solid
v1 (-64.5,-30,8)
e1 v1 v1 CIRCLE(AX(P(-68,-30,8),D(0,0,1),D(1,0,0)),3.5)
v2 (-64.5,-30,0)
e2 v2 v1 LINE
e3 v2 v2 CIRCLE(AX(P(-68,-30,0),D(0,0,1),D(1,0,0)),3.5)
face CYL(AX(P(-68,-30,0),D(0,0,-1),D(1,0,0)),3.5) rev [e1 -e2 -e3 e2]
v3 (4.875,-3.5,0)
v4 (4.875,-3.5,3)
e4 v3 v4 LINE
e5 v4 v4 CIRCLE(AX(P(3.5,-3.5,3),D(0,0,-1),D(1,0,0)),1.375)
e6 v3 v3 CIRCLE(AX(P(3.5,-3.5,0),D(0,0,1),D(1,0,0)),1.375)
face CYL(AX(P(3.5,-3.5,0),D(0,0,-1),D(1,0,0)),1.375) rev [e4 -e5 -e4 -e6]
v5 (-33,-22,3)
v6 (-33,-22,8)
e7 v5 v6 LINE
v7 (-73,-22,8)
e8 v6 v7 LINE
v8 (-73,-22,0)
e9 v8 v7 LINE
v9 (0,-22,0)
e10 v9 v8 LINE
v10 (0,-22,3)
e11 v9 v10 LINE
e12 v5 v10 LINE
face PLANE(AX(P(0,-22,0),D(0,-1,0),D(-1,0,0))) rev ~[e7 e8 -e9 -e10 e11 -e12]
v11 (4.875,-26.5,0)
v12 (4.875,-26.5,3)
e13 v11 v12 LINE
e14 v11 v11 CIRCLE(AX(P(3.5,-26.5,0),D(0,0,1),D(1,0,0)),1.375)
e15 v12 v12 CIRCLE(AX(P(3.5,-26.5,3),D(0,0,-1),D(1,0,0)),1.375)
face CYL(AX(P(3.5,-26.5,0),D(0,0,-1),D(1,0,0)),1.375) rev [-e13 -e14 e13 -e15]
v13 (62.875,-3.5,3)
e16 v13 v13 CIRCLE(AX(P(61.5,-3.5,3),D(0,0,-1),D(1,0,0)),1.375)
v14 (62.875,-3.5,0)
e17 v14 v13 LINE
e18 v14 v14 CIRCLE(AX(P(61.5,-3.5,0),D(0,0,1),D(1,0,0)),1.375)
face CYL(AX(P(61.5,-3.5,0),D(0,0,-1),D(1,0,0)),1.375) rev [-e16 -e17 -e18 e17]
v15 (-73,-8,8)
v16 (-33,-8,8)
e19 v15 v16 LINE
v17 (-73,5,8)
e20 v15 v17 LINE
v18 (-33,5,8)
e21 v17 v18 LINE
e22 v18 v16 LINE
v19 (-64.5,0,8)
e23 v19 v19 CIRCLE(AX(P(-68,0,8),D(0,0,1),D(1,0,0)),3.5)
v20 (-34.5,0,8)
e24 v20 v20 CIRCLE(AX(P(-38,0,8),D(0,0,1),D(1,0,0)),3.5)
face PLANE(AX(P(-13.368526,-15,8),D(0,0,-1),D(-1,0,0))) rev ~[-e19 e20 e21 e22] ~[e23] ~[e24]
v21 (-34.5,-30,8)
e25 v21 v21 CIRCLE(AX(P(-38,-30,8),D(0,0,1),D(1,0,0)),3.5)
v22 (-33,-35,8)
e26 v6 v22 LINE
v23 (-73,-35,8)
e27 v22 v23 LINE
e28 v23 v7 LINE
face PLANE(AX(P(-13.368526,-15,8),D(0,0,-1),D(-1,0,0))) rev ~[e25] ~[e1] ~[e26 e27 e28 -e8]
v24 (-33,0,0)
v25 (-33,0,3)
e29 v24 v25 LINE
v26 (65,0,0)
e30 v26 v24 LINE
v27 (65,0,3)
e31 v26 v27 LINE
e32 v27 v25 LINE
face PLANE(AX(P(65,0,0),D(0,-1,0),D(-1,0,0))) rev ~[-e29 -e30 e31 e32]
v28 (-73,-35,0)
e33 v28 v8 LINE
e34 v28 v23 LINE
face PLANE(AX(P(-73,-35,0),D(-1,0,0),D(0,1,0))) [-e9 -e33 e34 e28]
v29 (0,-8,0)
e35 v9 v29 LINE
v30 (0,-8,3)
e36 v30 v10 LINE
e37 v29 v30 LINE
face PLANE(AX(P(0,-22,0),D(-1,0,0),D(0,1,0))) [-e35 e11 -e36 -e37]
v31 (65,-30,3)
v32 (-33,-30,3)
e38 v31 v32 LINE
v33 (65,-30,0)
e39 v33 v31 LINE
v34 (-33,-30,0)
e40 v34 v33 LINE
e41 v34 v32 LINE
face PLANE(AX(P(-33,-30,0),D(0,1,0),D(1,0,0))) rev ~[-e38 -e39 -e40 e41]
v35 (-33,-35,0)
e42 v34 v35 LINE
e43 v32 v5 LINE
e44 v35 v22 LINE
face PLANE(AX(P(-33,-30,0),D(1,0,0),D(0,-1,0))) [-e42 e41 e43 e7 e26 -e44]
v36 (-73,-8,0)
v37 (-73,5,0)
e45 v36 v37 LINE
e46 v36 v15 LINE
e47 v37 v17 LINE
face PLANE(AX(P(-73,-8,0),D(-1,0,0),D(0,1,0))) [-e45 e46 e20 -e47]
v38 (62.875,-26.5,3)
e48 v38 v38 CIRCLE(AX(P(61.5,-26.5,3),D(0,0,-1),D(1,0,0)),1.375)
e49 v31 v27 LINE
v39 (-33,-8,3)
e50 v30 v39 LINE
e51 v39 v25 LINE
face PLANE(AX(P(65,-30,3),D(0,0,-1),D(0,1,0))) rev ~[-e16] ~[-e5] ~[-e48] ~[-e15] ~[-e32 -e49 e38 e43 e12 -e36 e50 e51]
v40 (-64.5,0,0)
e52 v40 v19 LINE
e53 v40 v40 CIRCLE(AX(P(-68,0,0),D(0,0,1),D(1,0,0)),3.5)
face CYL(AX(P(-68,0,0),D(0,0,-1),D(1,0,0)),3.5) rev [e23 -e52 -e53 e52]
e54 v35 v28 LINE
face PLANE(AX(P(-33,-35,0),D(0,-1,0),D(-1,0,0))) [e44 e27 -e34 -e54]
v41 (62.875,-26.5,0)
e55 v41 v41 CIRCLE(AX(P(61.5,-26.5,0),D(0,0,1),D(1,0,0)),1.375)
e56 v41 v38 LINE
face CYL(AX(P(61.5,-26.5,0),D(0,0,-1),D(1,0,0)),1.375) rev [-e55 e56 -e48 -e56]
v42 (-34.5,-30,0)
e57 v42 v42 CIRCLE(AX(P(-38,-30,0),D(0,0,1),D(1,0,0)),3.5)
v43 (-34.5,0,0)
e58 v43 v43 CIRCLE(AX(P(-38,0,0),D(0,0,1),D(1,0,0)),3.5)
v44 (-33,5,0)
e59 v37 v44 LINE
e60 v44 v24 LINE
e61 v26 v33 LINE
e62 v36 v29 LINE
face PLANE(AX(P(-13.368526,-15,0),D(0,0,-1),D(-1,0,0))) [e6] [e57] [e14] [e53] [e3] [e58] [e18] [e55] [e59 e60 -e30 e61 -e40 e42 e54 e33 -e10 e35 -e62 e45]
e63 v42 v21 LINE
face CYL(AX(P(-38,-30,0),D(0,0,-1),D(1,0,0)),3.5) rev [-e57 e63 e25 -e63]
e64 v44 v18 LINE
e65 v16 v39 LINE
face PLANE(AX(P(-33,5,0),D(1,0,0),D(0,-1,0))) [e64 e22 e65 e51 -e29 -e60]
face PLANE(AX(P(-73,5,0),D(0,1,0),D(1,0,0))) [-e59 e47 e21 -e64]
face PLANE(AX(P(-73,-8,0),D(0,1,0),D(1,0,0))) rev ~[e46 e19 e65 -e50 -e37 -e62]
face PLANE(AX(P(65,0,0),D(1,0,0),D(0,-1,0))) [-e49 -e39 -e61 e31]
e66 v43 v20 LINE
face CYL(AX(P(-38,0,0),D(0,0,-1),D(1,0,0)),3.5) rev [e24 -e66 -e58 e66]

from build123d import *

# Parameters (mm, degrees)
SKETCH_R     = 1.375
SKETCH_R_2   = 3.5
PAD_DEPTH    = 8
SKETCH001_W  = 30
SKETCH001_H  = 5
POCKET_DEPTH = 98


with BuildPart() as part:
    # Sketch → Pad (new body)
    with BuildSketch(Plane.XY):
        Polygon((0, 0), (65, 0), (65, -30), (0, -30), (-33, -30), (-33, -35), (-73, -35), (-73, -22), (-33, -22), (0, -22), (0, -8), (-33, -8), (-73, -8), (-73, 5), (-33, 5), (-33, 0), align=None)
        with Locations((3.5, -3.5)):
            Circle(SKETCH_R, mode=Mode.SUBTRACT)
        with Locations((61.5, -3.5)):
            Circle(SKETCH_R, mode=Mode.SUBTRACT)
        with Locations((3.5, -26.5)):
            Circle(SKETCH_R, mode=Mode.SUBTRACT)
        with Locations((61.5, -26.5)):
            Circle(SKETCH_R, mode=Mode.SUBTRACT)
        with Locations((-68, 0)):
            Circle(SKETCH_R_2, mode=Mode.SUBTRACT)
        with Locations((-38, 0)):
            Circle(SKETCH_R_2, mode=Mode.SUBTRACT)
        with Locations((-68, -30)):
            Circle(SKETCH_R_2, mode=Mode.SUBTRACT)
        with Locations((-38, -30)):
            Circle(SKETCH_R_2, mode=Mode.SUBTRACT)
    extrude(amount=PAD_DEPTH)

    # Sketch001 → Pocket (cut)
    with BuildSketch(Plane.YZ.offset(65)):
        with Locations((-15, 5.5)):
            Rectangle(SKETCH001_W, SKETCH001_H)
    extrude(amount=-POCKET_DEPTH, mode=Mode.SUBTRACT)


solid = part.part
